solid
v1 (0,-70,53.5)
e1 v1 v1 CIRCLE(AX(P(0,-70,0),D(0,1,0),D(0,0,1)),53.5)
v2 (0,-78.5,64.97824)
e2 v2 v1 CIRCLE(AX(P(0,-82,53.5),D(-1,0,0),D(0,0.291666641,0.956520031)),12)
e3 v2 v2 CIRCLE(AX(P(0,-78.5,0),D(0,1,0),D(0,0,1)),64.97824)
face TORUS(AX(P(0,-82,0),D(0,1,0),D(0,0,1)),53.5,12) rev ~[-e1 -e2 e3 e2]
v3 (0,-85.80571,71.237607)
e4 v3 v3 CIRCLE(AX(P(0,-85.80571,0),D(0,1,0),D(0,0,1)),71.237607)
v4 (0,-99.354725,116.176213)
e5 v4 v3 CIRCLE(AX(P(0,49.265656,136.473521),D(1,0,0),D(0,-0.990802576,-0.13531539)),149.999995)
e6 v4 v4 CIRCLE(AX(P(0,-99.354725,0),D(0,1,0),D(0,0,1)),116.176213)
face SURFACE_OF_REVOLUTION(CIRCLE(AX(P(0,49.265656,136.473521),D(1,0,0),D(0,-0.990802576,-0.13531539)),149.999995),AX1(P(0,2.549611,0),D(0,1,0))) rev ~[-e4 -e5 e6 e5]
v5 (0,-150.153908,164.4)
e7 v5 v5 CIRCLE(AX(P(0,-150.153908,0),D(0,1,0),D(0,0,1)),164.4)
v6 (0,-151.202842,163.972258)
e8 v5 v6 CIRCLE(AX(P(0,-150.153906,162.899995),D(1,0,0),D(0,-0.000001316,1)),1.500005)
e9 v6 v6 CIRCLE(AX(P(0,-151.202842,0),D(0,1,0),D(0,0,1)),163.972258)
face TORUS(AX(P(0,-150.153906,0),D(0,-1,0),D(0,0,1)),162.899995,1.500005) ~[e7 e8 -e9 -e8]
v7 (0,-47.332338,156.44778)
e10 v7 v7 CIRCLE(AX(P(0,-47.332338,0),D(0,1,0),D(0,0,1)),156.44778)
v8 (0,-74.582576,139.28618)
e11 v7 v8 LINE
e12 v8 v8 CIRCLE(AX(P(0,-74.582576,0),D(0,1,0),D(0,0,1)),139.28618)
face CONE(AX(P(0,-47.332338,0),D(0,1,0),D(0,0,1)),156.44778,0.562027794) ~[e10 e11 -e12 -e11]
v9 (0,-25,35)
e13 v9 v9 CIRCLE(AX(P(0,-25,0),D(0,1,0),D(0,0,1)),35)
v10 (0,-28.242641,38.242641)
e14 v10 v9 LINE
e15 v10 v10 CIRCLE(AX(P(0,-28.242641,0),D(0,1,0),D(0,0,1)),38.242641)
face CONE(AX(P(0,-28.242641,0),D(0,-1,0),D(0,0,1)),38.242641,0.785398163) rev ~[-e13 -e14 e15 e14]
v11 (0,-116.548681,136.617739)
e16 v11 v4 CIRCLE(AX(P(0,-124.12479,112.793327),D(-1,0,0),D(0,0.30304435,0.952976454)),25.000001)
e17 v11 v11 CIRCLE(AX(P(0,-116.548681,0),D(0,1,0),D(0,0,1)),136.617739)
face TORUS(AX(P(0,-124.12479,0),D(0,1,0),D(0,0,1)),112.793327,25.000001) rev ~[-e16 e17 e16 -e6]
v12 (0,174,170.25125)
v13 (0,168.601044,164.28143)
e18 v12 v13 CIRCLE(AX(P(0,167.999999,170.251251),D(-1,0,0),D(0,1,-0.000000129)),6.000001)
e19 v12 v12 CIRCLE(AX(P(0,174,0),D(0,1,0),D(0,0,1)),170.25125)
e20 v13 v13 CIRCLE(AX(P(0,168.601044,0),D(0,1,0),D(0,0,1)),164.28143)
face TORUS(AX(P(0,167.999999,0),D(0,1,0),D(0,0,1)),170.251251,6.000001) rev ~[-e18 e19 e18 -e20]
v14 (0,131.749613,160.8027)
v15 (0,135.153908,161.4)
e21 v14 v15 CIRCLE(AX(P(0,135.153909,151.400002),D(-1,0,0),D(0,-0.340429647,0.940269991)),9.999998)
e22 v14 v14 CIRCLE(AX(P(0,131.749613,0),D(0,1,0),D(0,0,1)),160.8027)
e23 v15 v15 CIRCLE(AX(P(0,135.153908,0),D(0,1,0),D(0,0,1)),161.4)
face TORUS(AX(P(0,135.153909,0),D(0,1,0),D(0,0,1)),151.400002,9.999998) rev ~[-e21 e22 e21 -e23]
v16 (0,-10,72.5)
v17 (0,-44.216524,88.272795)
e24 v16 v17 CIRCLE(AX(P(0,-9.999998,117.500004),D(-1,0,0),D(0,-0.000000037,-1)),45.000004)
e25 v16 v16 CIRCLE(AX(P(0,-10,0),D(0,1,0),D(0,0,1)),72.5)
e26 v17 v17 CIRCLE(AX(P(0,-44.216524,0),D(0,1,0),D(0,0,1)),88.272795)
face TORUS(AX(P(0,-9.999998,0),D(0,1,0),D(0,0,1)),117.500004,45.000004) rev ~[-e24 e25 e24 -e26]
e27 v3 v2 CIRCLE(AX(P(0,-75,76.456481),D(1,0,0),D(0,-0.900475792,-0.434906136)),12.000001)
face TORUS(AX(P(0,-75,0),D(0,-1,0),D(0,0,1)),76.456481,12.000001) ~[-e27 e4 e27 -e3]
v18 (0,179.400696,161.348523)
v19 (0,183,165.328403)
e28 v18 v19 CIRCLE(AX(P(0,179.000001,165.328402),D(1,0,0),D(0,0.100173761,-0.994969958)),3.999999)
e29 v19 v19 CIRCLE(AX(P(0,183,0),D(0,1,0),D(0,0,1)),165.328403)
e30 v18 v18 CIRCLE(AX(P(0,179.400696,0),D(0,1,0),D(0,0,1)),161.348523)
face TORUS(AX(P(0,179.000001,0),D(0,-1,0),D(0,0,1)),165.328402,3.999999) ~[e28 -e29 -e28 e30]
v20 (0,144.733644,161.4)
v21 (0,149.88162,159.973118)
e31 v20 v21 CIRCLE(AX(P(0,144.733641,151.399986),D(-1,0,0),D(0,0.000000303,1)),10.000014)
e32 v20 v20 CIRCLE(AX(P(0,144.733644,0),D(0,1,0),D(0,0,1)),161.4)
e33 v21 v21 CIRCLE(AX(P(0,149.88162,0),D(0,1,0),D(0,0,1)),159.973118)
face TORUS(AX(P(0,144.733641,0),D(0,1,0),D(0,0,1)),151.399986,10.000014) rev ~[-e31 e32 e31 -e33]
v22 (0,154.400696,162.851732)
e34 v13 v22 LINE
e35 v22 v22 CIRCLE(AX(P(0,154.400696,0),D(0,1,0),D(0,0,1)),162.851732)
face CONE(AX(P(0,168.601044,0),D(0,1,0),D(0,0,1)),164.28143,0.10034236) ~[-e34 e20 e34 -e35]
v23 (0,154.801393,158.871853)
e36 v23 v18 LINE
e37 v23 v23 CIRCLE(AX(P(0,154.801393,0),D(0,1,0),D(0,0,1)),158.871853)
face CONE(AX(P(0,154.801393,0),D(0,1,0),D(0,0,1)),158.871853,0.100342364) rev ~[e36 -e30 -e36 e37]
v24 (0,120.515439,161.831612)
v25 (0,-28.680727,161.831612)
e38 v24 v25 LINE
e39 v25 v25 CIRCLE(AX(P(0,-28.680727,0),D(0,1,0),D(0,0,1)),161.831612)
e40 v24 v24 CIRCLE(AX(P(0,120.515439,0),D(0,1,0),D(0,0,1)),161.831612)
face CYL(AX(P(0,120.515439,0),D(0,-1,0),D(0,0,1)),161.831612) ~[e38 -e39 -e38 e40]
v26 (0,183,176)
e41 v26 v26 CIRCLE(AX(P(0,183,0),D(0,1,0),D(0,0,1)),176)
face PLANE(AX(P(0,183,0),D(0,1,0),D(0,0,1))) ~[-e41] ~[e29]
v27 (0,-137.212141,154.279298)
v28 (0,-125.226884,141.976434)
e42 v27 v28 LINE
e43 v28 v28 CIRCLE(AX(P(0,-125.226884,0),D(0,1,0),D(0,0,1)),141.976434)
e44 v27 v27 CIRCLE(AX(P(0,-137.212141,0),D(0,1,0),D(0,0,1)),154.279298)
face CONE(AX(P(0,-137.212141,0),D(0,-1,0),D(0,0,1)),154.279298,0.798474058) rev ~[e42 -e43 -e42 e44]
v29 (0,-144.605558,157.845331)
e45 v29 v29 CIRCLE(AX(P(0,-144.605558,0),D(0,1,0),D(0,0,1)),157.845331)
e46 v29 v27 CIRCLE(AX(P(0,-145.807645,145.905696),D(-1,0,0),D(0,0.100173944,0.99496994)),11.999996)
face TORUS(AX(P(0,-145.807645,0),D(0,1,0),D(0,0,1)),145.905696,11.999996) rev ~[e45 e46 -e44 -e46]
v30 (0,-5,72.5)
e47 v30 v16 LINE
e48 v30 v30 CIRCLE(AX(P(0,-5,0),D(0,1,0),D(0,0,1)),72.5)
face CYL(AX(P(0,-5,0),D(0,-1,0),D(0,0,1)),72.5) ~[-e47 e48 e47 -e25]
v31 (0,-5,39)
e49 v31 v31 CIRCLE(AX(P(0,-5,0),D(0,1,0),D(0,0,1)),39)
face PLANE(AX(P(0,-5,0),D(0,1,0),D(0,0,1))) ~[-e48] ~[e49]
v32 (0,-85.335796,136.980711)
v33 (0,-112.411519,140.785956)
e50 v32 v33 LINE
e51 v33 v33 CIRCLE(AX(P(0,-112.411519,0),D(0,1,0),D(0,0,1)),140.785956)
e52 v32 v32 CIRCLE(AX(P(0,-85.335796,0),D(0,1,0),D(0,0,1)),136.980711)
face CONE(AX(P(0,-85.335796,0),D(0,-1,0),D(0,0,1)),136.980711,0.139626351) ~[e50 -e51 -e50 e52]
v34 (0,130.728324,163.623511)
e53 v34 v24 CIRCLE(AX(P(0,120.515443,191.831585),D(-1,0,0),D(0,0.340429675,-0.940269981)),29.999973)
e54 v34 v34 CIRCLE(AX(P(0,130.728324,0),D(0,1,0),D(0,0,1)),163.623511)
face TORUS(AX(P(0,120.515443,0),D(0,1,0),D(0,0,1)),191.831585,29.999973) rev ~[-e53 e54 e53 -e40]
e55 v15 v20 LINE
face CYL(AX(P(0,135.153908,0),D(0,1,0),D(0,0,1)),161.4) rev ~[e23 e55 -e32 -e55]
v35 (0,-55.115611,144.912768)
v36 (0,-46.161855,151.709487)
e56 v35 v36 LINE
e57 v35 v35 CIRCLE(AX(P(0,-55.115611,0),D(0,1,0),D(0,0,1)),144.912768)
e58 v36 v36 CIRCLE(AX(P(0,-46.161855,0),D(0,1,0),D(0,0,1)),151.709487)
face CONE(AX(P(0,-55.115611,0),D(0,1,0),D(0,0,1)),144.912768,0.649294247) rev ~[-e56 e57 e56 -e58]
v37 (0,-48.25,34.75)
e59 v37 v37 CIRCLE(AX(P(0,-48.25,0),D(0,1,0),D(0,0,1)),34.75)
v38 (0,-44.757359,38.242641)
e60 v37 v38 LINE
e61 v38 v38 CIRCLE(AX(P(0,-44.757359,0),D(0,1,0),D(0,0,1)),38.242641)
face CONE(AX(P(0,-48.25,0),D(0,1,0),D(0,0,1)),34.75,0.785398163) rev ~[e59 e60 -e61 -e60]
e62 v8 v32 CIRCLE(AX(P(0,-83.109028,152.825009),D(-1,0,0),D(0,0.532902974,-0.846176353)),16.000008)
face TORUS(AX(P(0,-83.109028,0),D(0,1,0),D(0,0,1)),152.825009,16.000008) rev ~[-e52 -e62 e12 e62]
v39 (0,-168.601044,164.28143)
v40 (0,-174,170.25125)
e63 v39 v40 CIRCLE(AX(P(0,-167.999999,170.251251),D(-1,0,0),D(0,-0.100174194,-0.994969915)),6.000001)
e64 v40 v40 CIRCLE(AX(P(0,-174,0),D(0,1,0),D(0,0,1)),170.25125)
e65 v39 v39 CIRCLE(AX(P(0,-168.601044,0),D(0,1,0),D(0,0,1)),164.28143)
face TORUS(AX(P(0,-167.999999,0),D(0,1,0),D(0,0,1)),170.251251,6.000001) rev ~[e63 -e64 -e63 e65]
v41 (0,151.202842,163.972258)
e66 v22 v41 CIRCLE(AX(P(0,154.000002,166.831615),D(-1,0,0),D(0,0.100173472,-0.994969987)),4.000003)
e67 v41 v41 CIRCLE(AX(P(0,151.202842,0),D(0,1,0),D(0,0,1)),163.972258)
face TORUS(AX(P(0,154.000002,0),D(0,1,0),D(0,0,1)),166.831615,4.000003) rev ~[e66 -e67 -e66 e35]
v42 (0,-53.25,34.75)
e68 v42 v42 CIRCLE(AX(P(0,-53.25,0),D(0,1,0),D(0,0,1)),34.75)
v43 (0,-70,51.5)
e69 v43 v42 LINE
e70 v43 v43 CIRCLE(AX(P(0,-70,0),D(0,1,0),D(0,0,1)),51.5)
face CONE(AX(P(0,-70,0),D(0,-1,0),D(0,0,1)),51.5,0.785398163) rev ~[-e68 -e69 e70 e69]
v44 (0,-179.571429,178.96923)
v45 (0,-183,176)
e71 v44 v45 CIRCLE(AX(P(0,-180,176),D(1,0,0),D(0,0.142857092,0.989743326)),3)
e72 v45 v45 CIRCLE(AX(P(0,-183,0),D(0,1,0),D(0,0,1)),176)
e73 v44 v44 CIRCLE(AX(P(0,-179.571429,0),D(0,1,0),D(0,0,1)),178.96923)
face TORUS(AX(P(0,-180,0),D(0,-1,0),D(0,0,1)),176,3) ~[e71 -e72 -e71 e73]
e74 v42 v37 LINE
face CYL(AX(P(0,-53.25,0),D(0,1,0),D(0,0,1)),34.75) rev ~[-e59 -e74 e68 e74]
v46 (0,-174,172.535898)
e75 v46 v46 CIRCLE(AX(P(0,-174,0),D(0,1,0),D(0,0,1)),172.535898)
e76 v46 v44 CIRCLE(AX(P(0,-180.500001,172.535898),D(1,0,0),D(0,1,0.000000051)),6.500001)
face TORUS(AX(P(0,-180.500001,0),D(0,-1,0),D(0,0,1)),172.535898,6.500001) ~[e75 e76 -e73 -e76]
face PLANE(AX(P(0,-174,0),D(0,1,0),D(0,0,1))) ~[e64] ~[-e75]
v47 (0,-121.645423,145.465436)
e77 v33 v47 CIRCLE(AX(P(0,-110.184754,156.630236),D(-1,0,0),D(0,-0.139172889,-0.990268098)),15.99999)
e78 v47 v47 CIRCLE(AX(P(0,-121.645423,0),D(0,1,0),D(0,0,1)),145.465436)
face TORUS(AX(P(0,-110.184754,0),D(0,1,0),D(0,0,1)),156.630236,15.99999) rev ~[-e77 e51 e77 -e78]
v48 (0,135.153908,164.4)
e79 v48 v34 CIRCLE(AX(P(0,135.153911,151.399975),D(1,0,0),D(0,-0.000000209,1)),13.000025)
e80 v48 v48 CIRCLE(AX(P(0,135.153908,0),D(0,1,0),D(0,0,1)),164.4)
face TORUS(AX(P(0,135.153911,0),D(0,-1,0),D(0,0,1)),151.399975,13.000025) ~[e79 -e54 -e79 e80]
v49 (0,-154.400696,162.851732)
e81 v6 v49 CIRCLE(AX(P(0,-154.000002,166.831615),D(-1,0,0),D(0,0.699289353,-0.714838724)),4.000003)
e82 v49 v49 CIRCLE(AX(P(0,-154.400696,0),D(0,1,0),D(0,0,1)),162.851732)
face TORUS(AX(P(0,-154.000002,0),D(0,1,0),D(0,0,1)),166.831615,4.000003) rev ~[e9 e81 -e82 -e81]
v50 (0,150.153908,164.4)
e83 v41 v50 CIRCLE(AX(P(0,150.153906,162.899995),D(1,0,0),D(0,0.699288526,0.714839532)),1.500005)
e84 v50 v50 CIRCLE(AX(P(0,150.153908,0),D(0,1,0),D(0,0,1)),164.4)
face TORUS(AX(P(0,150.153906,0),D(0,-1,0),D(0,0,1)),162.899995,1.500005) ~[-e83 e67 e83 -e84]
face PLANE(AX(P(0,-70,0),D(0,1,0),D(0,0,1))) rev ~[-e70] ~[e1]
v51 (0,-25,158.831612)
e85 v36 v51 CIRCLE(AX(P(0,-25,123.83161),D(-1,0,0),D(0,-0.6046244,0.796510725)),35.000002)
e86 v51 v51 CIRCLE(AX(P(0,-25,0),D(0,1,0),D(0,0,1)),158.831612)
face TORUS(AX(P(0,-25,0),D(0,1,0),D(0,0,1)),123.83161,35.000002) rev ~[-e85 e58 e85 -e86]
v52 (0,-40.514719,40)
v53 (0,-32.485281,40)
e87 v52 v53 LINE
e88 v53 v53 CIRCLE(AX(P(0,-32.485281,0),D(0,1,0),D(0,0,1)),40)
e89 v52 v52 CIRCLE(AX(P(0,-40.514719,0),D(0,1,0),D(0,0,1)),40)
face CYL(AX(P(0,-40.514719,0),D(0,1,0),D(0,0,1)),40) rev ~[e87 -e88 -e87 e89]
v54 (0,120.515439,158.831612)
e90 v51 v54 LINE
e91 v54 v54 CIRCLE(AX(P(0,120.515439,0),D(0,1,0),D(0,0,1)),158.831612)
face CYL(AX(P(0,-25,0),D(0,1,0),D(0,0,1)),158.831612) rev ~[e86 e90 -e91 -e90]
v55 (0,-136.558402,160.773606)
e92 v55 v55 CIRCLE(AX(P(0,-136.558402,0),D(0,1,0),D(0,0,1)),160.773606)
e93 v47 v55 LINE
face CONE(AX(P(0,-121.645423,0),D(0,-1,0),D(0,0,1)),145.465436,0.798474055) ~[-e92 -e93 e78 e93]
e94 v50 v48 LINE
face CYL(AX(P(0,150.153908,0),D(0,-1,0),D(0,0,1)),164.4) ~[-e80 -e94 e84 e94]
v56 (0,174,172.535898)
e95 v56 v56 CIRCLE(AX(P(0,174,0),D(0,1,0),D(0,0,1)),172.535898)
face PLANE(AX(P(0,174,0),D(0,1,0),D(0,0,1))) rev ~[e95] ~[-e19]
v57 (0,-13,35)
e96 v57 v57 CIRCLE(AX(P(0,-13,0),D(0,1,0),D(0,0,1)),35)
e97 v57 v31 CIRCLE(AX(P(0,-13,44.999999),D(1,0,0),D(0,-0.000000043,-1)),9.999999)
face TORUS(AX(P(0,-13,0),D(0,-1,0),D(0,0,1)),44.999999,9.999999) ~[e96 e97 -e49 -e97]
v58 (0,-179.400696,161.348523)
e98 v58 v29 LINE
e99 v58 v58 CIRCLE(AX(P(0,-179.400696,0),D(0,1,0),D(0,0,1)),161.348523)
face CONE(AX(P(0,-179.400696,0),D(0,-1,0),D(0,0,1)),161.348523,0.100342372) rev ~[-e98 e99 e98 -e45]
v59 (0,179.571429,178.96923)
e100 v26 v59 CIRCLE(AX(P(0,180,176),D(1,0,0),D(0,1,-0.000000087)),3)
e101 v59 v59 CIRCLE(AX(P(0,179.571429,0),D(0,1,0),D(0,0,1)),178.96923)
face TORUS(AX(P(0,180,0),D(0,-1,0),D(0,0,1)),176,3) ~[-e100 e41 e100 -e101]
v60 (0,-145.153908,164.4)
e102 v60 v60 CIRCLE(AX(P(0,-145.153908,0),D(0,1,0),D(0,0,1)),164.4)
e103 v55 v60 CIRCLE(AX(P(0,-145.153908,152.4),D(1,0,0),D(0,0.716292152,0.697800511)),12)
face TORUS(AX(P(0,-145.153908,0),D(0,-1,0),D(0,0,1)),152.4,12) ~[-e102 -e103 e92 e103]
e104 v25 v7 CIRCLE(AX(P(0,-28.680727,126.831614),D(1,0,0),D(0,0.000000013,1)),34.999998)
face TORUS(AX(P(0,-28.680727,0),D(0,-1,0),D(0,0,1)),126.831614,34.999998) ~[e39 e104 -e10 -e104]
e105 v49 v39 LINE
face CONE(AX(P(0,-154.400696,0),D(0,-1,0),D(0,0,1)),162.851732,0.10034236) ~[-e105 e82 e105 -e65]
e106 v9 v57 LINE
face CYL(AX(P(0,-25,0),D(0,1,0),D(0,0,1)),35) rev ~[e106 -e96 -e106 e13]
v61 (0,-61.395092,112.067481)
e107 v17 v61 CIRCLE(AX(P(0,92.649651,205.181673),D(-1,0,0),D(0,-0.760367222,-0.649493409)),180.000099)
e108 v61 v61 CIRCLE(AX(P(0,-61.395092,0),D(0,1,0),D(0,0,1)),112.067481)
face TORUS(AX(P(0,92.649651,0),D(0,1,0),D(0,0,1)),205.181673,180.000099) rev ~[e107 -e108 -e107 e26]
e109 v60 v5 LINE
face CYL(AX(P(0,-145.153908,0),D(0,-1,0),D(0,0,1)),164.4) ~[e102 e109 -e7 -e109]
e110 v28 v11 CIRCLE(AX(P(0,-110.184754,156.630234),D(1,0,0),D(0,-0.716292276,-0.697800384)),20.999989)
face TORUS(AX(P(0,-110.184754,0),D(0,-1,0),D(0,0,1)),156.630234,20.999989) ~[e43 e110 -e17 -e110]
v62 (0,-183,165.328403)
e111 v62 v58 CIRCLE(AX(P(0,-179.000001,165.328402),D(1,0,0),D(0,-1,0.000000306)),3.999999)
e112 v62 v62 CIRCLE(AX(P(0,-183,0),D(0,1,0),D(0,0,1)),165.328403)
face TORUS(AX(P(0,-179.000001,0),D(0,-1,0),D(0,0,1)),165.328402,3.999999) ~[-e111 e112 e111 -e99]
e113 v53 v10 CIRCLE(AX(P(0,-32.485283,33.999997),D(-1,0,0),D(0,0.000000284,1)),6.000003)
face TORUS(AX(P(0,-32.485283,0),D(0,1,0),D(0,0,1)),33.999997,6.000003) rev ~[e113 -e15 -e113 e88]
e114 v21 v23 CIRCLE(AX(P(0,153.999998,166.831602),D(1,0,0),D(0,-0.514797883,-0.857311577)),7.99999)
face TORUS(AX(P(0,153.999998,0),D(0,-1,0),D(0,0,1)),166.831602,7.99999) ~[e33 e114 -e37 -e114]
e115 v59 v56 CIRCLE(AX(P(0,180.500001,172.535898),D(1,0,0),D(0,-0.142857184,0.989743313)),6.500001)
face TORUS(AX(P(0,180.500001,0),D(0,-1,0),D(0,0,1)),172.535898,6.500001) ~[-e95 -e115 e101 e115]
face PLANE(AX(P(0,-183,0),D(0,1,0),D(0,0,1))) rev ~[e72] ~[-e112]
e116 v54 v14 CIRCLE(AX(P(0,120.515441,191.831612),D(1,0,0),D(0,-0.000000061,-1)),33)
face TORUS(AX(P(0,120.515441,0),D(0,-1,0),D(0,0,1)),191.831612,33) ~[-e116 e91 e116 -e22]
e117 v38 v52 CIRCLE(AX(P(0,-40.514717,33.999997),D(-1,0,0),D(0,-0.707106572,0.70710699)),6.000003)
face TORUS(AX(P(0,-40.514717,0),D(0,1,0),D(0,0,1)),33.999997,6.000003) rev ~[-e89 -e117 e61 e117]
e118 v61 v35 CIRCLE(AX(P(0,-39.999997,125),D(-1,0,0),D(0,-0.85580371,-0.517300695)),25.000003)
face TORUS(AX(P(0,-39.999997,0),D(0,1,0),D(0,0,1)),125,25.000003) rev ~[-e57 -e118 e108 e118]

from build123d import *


with BuildPart() as f1:
    # F0 (on Right) → F1 (revolve)
    with BuildSketch(Plane.YZ):
        with BuildLine():
            ThreePointArc((179.400696, 161.348523), (181.966714, 162.64538), (183, 165.328403))
            Line((183, 165.328403), (183, 176))
            ThreePointArc((183, 176), (181.963961, 178.267787), (179.571429, 178.96923))
            ThreePointArc((179.571429, 178.96923), (175.586462, 176.791147), (174, 172.535898))
            Line((174, 172.535898), (174, 170.25125))
            ThreePointArc((174, 170.25125), (172.450071, 166.226717), (168.601044, 164.28143))
            Line((168.601044, 164.28143), (154.400696, 162.851732))
            ThreePointArc((154.400696, 162.851732), (152.677256, 163.056649), (151.202842, 163.972258))
            ThreePointArc((151.202842, 163.972258), (150.720305, 164.288954), (150.153908, 164.4))
            Line((150.153908, 164.4), (135.153908, 164.4))
            ThreePointArc((135.153908, 164.4), (132.907314, 164.204406), (130.728324, 163.623511))
            ThreePointArc((130.728324, 163.623511), (125.699885, 162.282982), (120.515439, 161.831612))
            Line((120.515439, 161.831612), (-28.680727, 161.831612))
            ThreePointArc((-28.680727, 161.831612), (-38.387275, 160.458728), (-47.332338, 156.44778))
            Line((-47.332338, 156.44778), (-74.582576, 139.28618))
            ThreePointArc((-74.582576, 139.28618), (-79.754881, 137.180522), (-85.335796, 136.980711))
            Line((-85.335796, 136.980711), (-112.411519, 140.785956))
            ThreePointArc((-112.411519, 140.785956), (-117.417378, 142.358276), (-121.645423, 145.465436))
            Line((-121.645423, 145.465436), (-136.558402, 160.773606))
            ThreePointArc((-136.558402, 160.773606), (-140.489322, 163.456294), (-145.153908, 164.4))
            Line((-145.153908, 164.4), (-150.153908, 164.4))
            ThreePointArc((-150.153908, 164.4), (-150.720305, 164.288954), (-151.202842, 163.972258))
            ThreePointArc((-151.202842, 163.972258), (-152.677256, 163.056649), (-154.400696, 162.851732))
            Line((-154.400696, 162.851732), (-168.601044, 164.28143))
            ThreePointArc((-168.601044, 164.28143), (-172.450071, 166.226717), (-174, 170.25125))
            Line((-174, 170.25125), (-174, 172.535898))
            ThreePointArc((-174, 172.535898), (-175.586462, 176.791147), (-179.571429, 178.96923))
            ThreePointArc((-179.571429, 178.96923), (-181.963961, 178.267787), (-183, 176))
            Line((-183, 176), (-183, 165.328403))
            ThreePointArc((-183, 165.328403), (-181.966714, 162.64538), (-179.400696, 161.348523))
            Line((-179.400696, 161.348523), (-144.605558, 157.845331))
            ThreePointArc((-144.605558, 157.845331), (-140.594455, 156.714144), (-137.212141, 154.279298))
            Line((-137.212141, 154.279298), (-125.226884, 141.976434))
            ThreePointArc((-125.226884, 141.976434), (-121.218054, 138.762223), (-116.548681, 136.617739))
            ThreePointArc((-116.548681, 136.617739), (-104.992808, 128.885788), (-99.354725, 116.176213))
            ThreePointArc((-99.354725, 116.176213), (-94.348833, 93.173672), (-85.80571, 71.237607))
            ThreePointArc((-85.80571, 71.237607), (-82.807577, 67.343756), (-78.5, 64.97824))
            ThreePointArc((-78.5, 64.97824), (-72.356349, 60.641428), (-70, 53.5))
            Line((-70, 53.5), (-70, 51.5))
            Line((-70, 51.5), (-53.25, 34.75))
            Line((-53.25, 34.75), (-48.25, 34.75))
            Line((-48.25, 34.75), (-44.757359, 38.242641))
            ThreePointArc((-44.757359, 38.242641), (-42.810819, 39.543277), (-40.514719, 40))
            Line((-40.514719, 40), (-32.485281, 40))
            ThreePointArc((-32.485281, 40), (-30.189181, 39.543277), (-28.242641, 38.242641))
            Line((-28.242641, 38.242641), (-25, 35))
            Line((-25, 35), (-13, 35))
            ThreePointArc((-13, 35), (-8.527864, 36.055728), (-5, 39))
            Line((-5, 39), (-5, 72.5))
            Line((-5, 72.5), (-10, 72.5))
            ThreePointArc((-10, 72.5), (-28.838468, 76.632995), (-44.216524, 88.272795))
            ThreePointArc((-44.216524, 88.272795), (-53.291561, 99.819449), (-61.395092, 112.067481))
            ThreePointArc((-61.395092, 112.067481), (-64.555265, 129.694565), (-55.115611, 144.912768))
            Line((-55.115611, 144.912768), (-46.161855, 151.709487))
            ThreePointArc((-46.161855, 151.709487), (-36.164103, 157.003329), (-25, 158.831612))
            Line((-25, 158.831612), (120.515439, 158.831612))
            ThreePointArc((120.515439, 158.831612), (126.21833, 159.328119), (131.749613, 160.8027))
            ThreePointArc((131.749613, 160.8027), (133.425759, 161.249543), (135.153908, 161.4))
            Line((135.153908, 161.4), (144.733644, 161.4))
            ThreePointArc((144.733644, 161.4), (147.404676, 161.036679), (149.88162, 159.973118))
            ThreePointArc((149.88162, 159.973118), (152.252488, 159.024807), (154.801393, 158.871853))
            Line((154.801393, 158.871853), (179.400696, 161.348523))
        make_face()
    revolve(axis=Axis((0, 2.549611, 0), (0, 1, 0)))


solid = f1.part
